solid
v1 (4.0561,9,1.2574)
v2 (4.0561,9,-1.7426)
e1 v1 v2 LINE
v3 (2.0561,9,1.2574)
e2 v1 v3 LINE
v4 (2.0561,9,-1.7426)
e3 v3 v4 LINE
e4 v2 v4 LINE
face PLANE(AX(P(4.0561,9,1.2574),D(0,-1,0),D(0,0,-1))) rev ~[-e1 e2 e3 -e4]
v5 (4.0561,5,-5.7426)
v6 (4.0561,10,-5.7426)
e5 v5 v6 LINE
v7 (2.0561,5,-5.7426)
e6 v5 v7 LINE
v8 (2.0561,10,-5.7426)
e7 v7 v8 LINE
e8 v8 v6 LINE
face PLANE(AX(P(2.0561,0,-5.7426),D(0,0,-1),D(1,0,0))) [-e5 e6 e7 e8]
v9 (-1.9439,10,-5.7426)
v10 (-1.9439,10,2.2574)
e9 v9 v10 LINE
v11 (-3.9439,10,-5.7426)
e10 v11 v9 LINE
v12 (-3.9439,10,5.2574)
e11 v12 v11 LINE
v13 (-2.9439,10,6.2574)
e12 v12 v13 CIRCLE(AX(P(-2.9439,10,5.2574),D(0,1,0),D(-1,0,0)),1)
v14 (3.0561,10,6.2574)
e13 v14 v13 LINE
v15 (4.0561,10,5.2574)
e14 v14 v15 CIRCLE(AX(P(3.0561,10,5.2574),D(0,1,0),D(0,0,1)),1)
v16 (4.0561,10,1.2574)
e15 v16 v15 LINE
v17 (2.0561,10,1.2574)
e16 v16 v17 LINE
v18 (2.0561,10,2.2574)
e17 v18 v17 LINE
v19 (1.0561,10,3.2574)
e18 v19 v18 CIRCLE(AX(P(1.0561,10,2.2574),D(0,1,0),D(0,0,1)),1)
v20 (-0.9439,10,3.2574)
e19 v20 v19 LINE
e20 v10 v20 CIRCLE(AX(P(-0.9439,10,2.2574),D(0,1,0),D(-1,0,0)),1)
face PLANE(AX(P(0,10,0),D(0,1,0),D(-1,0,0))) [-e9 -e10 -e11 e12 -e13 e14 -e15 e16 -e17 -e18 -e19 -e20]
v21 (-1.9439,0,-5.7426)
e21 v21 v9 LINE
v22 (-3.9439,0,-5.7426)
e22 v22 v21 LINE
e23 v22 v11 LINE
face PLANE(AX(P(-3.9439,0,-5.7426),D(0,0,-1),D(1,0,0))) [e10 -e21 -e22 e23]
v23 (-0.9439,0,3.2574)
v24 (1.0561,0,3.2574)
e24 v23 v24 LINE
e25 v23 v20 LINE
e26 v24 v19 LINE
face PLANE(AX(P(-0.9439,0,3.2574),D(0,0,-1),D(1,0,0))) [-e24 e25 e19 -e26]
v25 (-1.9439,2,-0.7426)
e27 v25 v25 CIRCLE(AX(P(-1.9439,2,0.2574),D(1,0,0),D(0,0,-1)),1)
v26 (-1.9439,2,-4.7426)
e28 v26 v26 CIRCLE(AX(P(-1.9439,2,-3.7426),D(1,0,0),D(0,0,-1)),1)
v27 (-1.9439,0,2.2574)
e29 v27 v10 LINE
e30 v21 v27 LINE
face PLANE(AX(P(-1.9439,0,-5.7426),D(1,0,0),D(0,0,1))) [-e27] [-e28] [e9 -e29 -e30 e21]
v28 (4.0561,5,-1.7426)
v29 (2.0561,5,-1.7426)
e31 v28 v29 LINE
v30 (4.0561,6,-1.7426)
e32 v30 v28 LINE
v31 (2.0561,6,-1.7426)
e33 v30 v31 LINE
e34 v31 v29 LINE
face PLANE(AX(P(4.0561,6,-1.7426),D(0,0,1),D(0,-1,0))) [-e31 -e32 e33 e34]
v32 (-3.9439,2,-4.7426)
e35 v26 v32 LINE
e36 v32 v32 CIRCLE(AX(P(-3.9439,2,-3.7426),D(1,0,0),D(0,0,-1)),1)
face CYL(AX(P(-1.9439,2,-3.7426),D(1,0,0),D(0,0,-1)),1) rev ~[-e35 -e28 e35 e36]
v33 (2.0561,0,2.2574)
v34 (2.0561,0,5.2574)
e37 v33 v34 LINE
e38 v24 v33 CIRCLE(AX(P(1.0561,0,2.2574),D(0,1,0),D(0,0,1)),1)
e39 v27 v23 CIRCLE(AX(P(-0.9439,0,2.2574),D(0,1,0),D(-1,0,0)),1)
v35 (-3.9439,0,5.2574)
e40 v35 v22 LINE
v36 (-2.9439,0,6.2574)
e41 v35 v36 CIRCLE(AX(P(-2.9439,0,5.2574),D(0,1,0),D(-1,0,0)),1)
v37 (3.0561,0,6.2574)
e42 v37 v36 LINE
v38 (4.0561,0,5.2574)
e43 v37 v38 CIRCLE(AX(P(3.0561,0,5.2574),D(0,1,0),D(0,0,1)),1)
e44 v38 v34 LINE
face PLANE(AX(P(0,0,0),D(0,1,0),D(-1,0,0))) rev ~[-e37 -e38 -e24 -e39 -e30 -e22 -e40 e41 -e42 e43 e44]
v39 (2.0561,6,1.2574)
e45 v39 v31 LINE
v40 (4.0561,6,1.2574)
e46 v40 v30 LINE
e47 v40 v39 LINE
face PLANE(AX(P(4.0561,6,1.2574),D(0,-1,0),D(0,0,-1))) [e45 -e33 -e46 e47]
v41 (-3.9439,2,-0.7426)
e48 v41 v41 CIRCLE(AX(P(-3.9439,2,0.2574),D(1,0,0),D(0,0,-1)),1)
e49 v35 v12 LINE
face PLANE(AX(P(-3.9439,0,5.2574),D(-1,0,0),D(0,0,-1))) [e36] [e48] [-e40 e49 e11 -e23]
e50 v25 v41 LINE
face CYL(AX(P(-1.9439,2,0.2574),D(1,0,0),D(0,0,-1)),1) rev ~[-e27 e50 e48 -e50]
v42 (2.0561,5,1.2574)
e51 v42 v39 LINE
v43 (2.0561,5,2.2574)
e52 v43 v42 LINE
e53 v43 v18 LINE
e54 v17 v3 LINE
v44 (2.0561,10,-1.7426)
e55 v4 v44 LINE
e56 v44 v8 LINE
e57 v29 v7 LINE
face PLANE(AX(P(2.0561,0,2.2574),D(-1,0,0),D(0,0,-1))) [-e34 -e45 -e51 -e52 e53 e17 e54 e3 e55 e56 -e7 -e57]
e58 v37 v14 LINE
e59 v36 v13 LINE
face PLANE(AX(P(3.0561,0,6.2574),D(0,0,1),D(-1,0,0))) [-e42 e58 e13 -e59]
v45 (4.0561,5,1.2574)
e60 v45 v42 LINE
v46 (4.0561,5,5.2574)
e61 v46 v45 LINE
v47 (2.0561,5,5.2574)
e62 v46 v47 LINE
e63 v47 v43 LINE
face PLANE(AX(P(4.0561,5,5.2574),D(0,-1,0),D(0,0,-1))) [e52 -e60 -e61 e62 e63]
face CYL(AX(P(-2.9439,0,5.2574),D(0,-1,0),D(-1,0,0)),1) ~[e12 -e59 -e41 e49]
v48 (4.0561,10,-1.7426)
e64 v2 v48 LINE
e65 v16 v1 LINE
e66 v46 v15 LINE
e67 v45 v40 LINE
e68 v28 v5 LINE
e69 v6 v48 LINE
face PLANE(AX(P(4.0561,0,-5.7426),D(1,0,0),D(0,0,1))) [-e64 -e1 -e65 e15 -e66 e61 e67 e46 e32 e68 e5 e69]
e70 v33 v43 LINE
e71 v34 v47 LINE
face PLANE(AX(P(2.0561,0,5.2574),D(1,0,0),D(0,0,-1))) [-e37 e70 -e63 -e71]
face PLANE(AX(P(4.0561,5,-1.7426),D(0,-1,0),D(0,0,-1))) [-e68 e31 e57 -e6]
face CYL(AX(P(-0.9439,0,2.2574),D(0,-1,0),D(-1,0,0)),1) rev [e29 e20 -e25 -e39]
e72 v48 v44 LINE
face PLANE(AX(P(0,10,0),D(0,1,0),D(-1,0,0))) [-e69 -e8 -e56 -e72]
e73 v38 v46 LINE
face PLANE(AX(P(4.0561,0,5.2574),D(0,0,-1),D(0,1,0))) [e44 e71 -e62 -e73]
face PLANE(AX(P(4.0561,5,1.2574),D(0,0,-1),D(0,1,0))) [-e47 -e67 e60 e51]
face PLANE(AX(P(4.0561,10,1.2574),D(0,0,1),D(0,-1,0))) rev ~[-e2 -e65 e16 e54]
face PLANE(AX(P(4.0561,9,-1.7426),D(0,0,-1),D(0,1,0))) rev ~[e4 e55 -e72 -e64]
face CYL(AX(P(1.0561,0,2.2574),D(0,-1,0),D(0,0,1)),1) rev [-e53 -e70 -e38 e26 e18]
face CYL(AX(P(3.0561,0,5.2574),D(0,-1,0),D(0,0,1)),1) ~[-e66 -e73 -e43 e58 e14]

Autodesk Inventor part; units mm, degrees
ref_plane "YZ Plane" through (0, 0, 0) normal (1, 0, 0) x (0, 1, 0)
ref_plane "XZ Plane" through (0, 0, 0) normal (0, 1, 0) x (-1, 0, 0)
ref_plane "XY Plane" through (0, 0, 0) normal (0, 0, 1) x (1, 0, 0)
sketch "Sketch1" plane through (0, 0, 0) normal (0, 1, 0) x (-1, 0, 0)
  line L0 (-4.0561, -5.7426) -> (-4.0561, 5.2574)
  line L1 (-3.0561, 6.2574) -> (2.9439, 6.2574)
  line L2 (3.9439, 5.2574) -> (3.9439, -5.7426)
  line L3 (3.9439, -5.7426) -> (1.9439, -5.7426)
  line L4 (1.9439, -5.7426) -> (1.9439, 2.2574)
  line L5 (0.9439, 3.2574) -> (-1.0561, 3.2574)
  line L6 (-2.0561, 2.2574) -> (-2.0561, -5.7426)
  line L7 (-2.0561, -5.7426) -> (-4.0561, -5.7426)
  arc A0 (-1.0561, 3.2574) -> (-2.0561, 2.2574) centre (-1.0561, 2.2574) ccw
  arc A1 (1.9439, 2.2574) -> (0.9439, 3.2574) centre (0.9439, 2.2574) ccw
  arc A2 (-3.0561, 6.2574) -> (-4.0561, 5.2574) centre (-3.0561, 5.2574) ccw
  arc A3 (3.9439, 5.2574) -> (2.9439, 6.2574) centre (2.9439, 5.2574) ccw
  point P0 (0, 0)
  point P1 (-4.0561, 6.2574)
  point P2 (3.9439, 6.2574)
  point P3 (1.9439, 3.2574)
  point P4 (-2.0561, 3.2574)
  dimension "d0" = 12
  dimension "d1" = 2
  dimension "d2" = 2
  dimension "d3" = 8
  dimension "d4" = 3
  dimension "d20" = 1
extrude "Extrusion1" add sketch "Sketch1" along normal blind 10
sketch "Sketch6" plane through (-1.9439, 0, 2.2574) normal (1, 0, 0) x (0, 0, -1)
  circle A0 centre (2, 2) radius 1
  circle A1 centre (6, 2) radius 1
  line L0 (8, 0) -> (8, 10) projected
  line L1 (0, 10) -> (8, 10) projected
  line L2 (8, 0) -> (0, 0) projected
  point P0 (2.2574, 0)
  dimension "d44" = 2
  dimension "d45" = 2
  dimension "d46" = 2
  dimension "d47" = 6
  dimension "d52" = 2
  dimension "d53" = 2
extrude "Extrusion6" cut sketch "Sketch6" against normal up to next
sketch "Sketch7" plane through (4.0561, 0, 5.2574) normal (1, 0, 0) x (0, 0, -1)
  line L0 (4, 10) -> (4, 9)
  line L1 (4, 9) -> (7, 9)
  line L2 (7, 9) -> (7, 10)
  line L3 (0, 10) -> (11, 10) projected
  line L4 (11, 0) -> (11, 10) projected
  line L5 (0, 0) -> (0, 10) projected
  line L6 (4, 10) -> (7, 10)
  point P0 (5.2574, 0)
  dimension "d54" = 4
  dimension "d55" = 4
  dimension "d57" = 1
extrude "Extrusion7" cut sketch "Sketch7" against normal up to next
sketch "Sketch8" plane through (4.0561, 0, 5.2574) normal (1, 0, 0) x (0, 0, -1)
  line L0 (0, 0) -> (0, 10) projected
  line L1 (0, 5) -> (4, 5)
  line L2 (4, 5) -> (4, 6)
  line L3 (4, 6) -> (7, 6)
  line L4 (7, 6) -> (7, 5)
  line L5 (7, 5) -> (11, 5)
  line L6 (11, 0) -> (11, 10) projected
  line L7 (11, 5) -> (11, 0)
  line L8 (11, 0) -> (0, 0)
  line L9 (0, 0) -> (0, 5)
  point P0 (5.2574, 0)
  dimension "d60" = 5
  dimension "d61" = 1
  dimension "d62" = 4
  dimension "d63" = 4
extrude "Extrusion8" cut sketch "Sketch8" against normal up to surface (2 mm away)
properties part number "crochet"
